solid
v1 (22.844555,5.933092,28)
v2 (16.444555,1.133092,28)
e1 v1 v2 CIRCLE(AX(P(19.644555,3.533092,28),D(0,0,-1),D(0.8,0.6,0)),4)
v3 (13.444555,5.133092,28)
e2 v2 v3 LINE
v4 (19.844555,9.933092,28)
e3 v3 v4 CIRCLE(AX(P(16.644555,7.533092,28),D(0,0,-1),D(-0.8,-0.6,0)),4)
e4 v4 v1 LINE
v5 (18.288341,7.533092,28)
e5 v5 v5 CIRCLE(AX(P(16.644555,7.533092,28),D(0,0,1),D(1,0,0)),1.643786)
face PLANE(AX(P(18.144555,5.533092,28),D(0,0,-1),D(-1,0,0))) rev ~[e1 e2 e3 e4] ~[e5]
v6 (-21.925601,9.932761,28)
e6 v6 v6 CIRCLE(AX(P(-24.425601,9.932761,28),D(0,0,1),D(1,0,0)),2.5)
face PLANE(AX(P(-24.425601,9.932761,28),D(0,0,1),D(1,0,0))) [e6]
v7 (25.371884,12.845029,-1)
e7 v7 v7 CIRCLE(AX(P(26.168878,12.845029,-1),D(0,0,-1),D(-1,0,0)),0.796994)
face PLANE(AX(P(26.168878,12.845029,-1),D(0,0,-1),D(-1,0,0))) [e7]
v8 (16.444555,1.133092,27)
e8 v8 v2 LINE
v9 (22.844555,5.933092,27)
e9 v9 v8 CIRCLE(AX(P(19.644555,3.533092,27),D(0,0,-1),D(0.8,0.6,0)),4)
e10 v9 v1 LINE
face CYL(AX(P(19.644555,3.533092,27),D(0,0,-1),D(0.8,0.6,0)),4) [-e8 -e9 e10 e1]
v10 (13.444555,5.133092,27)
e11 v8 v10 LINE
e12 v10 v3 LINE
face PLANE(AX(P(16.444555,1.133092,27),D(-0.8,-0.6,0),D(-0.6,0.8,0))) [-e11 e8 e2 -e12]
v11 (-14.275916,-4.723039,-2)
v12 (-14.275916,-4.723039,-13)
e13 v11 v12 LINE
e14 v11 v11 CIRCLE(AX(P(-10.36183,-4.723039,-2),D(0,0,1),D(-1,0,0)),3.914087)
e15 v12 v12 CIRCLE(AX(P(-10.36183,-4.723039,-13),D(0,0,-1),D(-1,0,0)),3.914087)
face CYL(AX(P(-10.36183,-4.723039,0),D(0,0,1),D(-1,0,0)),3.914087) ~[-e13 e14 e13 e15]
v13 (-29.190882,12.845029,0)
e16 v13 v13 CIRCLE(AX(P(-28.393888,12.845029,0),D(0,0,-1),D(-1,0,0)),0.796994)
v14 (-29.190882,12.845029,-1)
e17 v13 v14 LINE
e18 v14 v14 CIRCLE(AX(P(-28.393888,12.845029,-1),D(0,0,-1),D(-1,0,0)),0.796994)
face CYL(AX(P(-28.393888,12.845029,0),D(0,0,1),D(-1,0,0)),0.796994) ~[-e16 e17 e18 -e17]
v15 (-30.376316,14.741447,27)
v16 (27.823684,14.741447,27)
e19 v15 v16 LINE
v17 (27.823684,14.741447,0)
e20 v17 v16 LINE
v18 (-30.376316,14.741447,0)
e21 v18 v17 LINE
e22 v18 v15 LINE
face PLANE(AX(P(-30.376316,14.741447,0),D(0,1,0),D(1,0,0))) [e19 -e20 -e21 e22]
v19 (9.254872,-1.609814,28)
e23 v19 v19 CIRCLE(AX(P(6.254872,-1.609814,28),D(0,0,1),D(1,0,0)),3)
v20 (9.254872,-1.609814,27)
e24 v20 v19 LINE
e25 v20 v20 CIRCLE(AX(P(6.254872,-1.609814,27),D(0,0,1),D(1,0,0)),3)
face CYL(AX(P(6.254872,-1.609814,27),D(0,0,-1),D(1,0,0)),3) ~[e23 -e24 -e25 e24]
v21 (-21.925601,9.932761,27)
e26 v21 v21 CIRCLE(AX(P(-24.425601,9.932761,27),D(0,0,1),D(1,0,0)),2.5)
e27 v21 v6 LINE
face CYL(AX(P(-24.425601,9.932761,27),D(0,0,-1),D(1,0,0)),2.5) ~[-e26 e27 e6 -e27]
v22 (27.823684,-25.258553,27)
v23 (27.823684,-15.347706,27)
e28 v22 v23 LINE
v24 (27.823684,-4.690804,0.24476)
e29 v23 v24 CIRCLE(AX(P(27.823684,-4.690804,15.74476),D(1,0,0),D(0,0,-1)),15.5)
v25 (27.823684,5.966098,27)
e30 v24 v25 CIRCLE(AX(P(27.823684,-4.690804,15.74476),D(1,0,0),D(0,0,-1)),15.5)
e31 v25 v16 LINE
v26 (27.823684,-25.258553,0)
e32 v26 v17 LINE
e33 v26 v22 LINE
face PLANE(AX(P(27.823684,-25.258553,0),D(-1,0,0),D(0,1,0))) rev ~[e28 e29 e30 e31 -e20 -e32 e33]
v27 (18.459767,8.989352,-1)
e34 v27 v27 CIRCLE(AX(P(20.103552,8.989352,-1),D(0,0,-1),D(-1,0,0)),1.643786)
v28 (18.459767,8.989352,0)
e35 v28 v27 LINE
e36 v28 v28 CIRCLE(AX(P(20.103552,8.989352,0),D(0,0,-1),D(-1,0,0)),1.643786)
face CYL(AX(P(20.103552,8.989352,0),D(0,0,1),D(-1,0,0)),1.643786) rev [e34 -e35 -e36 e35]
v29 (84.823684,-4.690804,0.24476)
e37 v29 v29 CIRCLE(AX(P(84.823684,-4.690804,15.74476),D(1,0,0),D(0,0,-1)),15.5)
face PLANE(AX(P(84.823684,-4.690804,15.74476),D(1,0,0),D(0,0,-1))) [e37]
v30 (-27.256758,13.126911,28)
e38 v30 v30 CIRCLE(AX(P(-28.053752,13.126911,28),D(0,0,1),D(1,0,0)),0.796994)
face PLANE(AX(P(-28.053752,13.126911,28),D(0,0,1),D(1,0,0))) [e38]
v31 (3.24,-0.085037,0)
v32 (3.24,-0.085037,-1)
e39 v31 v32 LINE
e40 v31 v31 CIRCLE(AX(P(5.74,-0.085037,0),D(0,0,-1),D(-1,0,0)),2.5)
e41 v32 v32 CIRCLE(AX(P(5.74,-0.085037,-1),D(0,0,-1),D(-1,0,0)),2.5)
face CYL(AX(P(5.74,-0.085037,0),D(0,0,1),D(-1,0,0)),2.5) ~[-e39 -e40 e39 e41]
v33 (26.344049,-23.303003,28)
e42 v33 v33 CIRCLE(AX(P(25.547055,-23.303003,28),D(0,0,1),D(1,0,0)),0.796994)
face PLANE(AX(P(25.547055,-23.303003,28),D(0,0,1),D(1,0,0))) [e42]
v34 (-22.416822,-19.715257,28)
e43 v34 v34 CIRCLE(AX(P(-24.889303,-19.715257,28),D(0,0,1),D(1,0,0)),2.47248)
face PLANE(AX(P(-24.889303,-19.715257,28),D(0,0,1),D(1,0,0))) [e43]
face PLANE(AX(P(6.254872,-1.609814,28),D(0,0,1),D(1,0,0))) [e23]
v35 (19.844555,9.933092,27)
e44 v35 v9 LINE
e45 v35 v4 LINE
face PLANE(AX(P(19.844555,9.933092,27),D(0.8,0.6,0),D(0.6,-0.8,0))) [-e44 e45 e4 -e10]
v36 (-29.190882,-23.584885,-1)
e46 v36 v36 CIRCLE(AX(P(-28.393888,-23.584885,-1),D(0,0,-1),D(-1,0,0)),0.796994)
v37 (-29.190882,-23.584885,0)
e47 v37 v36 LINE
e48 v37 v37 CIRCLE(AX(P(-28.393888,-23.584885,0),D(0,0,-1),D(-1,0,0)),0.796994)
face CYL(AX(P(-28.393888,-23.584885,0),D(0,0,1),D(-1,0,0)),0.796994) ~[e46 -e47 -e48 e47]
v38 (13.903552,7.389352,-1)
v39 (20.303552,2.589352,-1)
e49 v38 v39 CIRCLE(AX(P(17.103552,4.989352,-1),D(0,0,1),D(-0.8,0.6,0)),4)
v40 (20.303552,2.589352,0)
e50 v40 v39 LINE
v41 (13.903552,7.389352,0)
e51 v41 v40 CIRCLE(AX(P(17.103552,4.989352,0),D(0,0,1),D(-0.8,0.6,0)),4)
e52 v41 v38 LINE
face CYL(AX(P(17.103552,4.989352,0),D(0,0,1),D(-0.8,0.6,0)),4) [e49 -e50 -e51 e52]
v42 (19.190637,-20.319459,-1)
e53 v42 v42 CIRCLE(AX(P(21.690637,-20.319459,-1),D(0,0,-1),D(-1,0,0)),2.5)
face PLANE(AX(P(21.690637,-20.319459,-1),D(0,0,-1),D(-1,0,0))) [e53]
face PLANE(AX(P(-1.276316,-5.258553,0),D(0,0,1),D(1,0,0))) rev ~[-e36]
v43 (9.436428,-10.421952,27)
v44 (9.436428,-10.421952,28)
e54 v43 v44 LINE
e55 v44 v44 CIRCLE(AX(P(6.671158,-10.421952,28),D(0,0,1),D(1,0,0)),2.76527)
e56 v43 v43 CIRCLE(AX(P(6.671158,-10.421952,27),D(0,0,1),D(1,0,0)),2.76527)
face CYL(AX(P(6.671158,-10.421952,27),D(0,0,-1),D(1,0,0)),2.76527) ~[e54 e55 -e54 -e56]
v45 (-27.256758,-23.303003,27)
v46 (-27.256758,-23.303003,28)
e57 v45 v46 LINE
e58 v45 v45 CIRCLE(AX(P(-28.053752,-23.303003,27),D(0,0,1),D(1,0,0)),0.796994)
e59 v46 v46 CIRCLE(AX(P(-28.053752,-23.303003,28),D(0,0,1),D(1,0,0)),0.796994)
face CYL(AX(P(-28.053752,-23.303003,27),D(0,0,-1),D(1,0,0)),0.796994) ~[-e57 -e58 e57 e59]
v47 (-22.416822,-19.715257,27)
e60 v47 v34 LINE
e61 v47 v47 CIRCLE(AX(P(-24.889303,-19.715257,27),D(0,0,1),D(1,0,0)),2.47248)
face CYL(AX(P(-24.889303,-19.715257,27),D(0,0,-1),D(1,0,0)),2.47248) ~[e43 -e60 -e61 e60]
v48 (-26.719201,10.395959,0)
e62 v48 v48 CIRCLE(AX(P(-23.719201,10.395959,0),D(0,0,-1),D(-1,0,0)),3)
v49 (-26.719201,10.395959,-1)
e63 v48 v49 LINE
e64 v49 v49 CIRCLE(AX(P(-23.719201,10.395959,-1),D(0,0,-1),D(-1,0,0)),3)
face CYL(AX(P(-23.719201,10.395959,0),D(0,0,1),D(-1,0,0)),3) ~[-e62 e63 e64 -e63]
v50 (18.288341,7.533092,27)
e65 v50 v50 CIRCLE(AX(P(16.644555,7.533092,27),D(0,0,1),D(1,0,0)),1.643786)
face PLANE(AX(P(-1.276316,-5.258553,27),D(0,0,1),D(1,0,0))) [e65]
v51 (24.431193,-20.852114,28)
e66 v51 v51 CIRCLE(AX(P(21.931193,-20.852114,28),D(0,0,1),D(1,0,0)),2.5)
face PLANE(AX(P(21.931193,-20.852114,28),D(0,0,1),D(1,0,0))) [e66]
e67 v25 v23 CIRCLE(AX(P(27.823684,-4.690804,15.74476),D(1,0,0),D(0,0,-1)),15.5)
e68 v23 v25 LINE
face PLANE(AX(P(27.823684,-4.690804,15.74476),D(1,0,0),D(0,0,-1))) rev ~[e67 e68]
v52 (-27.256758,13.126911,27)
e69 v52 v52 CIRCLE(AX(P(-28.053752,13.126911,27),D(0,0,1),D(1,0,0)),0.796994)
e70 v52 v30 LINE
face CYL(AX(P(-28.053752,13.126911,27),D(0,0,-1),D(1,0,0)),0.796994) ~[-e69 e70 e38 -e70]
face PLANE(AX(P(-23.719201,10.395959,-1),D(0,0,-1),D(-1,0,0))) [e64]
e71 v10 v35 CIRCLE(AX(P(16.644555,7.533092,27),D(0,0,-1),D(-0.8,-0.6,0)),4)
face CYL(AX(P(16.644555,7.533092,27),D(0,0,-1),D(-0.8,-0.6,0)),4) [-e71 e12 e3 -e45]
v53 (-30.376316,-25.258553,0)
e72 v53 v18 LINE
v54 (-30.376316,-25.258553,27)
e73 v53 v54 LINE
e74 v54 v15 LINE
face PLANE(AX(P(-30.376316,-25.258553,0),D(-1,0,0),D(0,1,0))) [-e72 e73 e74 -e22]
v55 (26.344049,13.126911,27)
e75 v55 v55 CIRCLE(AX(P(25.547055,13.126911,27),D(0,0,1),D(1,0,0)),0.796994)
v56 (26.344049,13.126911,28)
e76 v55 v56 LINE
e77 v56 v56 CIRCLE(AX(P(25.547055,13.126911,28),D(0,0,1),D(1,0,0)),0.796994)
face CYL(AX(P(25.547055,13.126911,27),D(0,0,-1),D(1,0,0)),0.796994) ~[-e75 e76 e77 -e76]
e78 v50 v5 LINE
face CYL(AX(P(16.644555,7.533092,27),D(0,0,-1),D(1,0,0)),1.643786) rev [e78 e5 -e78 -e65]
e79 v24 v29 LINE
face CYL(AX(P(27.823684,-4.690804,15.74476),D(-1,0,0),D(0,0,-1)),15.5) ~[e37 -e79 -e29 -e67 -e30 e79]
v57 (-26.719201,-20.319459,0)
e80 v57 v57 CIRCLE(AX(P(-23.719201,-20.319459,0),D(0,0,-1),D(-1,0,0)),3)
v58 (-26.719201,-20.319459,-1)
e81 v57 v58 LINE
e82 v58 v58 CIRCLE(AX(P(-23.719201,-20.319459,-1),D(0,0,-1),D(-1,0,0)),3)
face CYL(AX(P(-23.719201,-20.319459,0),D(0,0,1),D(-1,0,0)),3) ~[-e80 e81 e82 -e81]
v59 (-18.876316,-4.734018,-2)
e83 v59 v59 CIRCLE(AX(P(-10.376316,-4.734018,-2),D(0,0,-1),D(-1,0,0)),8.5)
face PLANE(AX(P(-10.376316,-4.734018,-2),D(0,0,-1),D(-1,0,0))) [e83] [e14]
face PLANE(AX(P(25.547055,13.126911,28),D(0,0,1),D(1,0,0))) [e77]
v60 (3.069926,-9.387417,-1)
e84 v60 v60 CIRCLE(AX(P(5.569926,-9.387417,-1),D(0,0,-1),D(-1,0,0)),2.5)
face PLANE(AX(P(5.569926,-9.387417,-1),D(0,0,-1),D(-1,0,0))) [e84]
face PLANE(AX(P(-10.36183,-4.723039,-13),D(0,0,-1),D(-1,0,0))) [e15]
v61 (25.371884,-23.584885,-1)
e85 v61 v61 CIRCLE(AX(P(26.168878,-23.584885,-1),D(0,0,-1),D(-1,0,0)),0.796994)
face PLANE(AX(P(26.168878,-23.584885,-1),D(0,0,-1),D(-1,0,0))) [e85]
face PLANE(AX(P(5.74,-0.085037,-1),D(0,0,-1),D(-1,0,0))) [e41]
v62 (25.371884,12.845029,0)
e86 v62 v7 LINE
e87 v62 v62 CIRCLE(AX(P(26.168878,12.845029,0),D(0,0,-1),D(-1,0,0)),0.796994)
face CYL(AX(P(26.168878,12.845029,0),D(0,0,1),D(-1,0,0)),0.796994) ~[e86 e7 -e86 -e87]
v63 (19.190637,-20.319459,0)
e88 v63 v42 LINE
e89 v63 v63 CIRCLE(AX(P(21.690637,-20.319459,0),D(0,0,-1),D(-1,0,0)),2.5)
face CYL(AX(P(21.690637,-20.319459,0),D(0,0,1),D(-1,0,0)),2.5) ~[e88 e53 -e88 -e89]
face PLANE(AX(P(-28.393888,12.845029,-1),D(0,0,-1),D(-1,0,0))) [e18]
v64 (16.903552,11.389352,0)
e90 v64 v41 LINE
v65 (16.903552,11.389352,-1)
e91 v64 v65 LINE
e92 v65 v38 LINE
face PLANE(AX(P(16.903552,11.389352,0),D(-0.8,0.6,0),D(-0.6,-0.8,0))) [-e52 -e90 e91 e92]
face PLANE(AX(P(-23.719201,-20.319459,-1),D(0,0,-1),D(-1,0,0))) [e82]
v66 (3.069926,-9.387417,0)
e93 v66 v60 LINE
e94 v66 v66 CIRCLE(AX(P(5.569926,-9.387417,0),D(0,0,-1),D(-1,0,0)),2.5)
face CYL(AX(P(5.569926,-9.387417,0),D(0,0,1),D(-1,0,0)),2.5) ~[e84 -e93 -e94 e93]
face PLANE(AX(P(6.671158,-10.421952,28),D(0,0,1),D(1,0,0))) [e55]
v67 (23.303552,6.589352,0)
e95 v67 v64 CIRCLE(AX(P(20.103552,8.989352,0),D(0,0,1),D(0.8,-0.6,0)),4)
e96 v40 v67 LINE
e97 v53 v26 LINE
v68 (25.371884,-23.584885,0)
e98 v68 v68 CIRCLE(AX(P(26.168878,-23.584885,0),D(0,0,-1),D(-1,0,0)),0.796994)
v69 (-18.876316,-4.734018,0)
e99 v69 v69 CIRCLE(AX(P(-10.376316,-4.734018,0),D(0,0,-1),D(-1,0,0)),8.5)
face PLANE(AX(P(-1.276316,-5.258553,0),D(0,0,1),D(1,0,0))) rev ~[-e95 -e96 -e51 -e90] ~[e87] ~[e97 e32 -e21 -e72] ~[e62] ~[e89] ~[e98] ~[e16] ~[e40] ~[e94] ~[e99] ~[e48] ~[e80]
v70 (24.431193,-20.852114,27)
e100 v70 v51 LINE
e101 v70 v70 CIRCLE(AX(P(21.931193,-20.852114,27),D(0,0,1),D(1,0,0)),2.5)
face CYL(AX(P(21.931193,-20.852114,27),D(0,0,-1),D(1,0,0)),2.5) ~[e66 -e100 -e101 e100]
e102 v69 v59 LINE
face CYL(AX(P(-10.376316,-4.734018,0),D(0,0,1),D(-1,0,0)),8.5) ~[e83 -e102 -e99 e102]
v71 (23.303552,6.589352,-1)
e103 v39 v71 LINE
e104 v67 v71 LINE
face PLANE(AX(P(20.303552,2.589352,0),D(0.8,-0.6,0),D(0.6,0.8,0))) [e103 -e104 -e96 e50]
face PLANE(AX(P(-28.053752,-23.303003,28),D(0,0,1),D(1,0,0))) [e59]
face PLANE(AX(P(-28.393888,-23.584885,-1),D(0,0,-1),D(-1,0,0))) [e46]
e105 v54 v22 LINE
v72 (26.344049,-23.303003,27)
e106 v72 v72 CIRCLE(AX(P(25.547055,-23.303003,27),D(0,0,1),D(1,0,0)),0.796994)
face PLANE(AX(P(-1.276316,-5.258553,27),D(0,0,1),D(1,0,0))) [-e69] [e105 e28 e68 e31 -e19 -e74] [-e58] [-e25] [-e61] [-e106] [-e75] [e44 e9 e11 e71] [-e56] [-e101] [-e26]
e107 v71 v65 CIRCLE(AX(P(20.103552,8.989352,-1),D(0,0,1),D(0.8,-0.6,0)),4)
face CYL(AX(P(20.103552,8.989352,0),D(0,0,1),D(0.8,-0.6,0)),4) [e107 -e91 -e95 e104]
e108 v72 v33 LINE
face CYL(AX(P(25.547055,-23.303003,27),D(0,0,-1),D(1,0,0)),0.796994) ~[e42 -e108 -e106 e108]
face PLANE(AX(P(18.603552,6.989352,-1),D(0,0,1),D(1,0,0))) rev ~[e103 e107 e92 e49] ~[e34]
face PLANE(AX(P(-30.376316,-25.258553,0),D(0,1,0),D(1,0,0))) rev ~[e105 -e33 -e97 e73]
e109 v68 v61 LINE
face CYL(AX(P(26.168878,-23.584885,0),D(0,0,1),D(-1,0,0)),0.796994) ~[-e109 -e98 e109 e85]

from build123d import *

# Parameters (mm, degrees)
ESQUISSE1_W        = 58.2
ESQUISSE1_H        = 40
BOSS_EXTRU_1_DEPTH = 27
ESQUISSE2_R        = 15.5
BOSS_EXTRU_2_DEPTH = 57
ESQUISSE3_R        = 0.796993634
ESQUISSE3_R_2      = 3
ESQUISSE3_R_3      = 2.5
ESQUISSE3_R_4      = 1.643785586
BOSS_EXTRU_3_DEPTH = 1
ESQUISSE4_R        = 0.796993634
ESQUISSE4_R_2      = 3
ESQUISSE4_R_3      = 2.765269511
ESQUISSE4_R_4      = 2.5
ESQUISSE4_R_5      = 2.472480212
ESQUISSE4_R_6      = 1.643785586
BOSS_EXTRU_4_DEPTH = 1
ESQUISSE5_R        = 8.5
BOSS_EXTRU_5_DEPTH = 2
ESQUISSE6_R        = 3.91408695
BOSS_EXTRU_6_DEPTH = 13


with BuildPart() as part:
    # Esquisse1 → Boss.-Extru.1 (new body)
    with BuildSketch(Plane.XY):
        with Locations((-1.276315789, -5.258552632)):
            Rectangle(ESQUISSE1_W, ESQUISSE1_H)
    extrude(amount=BOSS_EXTRU_1_DEPTH)

    # Esquisse2 → Boss.-Extru.2 (add)
    with BuildSketch(Plane(origin=(27.823684211, 0, 0), x_dir=(0, 0, -1), z_dir=(1, 0, 0))):
        with Locations((-15.74475958, -4.690804329)):
            Circle(ESQUISSE2_R)
    extrude(amount=BOSS_EXTRU_2_DEPTH)

    # Esquisse3 → Boss.-Extru.3 (add)
    with BuildSketch(Plane(origin=(0, 0, 0), x_dir=(-1, 0, 0), z_dir=(0, 0, -1))):
        with Locations((28.393888361, 12.845029268)):
            Circle(ESQUISSE3_R)
        with Locations((28.393888361, -23.584885169)):
            Circle(ESQUISSE3_R)
        with Locations((-26.168877972, 12.845029268)):
            Circle(ESQUISSE3_R)
        with Locations((-26.168877972, -23.584885169)):
            Circle(ESQUISSE3_R)
        with Locations((23.719200753, 10.39595939)):
            Circle(ESQUISSE3_R_2)
        with Locations((23.719200753, -20.319458665)):
            Circle(ESQUISSE3_R_2)
        with Locations((-21.69063657, -20.319458665)):
            Circle(ESQUISSE3_R_3)
        with Locations((-5.740000065, -0.085037149)):
            Circle(ESQUISSE3_R_3)
        with Locations((-5.569925768, -9.387416532)):
            Circle(ESQUISSE3_R_3)
        with BuildLine():
            Line((-16.903552301, 11.389352188), (-13.903552301, 7.389352188))
            ThreePointArc((-13.903552301, 7.389352188), (-14.703552301, 1.789352188), (-20.303552301, 2.589352188))
            Line((-20.303552301, 2.589352188), (-23.303552301, 6.589352188))
            ThreePointArc((-23.303552301, 6.589352188), (-22.503552301, 12.189352188), (-16.903552301, 11.389352188))
        make_face()
        with Locations((-20.103552301, 8.989352188)):
            Circle(ESQUISSE3_R_4, mode=Mode.SUBTRACT)
    extrude(amount=BOSS_EXTRU_3_DEPTH)

    # Esquisse4 → Boss.-Extru.4 (add)
    with BuildSketch(Plane.XY.offset(27)):
        with Locations((25.547055264, 13.126910984)):
            Circle(ESQUISSE4_R)
        with Locations((25.547055264, -23.303003453)):
            Circle(ESQUISSE4_R)
        with Locations((-28.053751612, 13.126910984)):
            Circle(ESQUISSE4_R)
        with Locations((-28.053751612, -23.303003453)):
            Circle(ESQUISSE4_R)
        with Locations((6.254872146, -1.609813965)):
            Circle(ESQUISSE4_R_2)
        with Locations((6.671158294, -10.421952213)):
            Circle(ESQUISSE4_R_3)
        with Locations((-24.425601337, 9.932760917)):
            Circle(ESQUISSE4_R_4)
        with Locations((21.931193301, -20.852114314)):
            Circle(ESQUISSE4_R_4)
        with Locations((-24.889302534, -19.715256897)):
            Circle(ESQUISSE4_R_5)
        with BuildLine():
            Line((19.844554955, 9.933092183), (22.844554955, 5.933092183))
            ThreePointArc((22.844554955, 5.933092183), (22.044554955, 0.333092183), (16.444554955, 1.133092183))
            Line((16.444554955, 1.133092183), (13.444554955, 5.133092183))
            ThreePointArc((13.444554955, 5.133092183), (14.244554955, 10.733092183), (19.844554955, 9.933092183))
        make_face()
        with Locations((16.644554955, 7.533092183)):
            Circle(ESQUISSE4_R_6, mode=Mode.SUBTRACT)
    extrude(amount=BOSS_EXTRU_4_DEPTH)

    # Esquisse5 → Boss.-Extru.5 (add)
    with BuildSketch(Plane(origin=(0, 0, 0), x_dir=(-1, 0, 0), z_dir=(0, 0, -1))):
        with Locations((10.376315789, -4.734018324)):
            Circle(ESQUISSE5_R)
    extrude(amount=BOSS_EXTRU_5_DEPTH)

    # Esquisse6 → Boss.-Extru.6 (add)
    with BuildSketch(Plane(origin=(0, 0, 0), x_dir=(-1, 0, 0), z_dir=(0, 0, -1))):
        with Locations((10.361829536, -4.723039304)):
            Circle(ESQUISSE6_R)
    extrude(amount=BOSS_EXTRU_6_DEPTH)


solid = part.part
